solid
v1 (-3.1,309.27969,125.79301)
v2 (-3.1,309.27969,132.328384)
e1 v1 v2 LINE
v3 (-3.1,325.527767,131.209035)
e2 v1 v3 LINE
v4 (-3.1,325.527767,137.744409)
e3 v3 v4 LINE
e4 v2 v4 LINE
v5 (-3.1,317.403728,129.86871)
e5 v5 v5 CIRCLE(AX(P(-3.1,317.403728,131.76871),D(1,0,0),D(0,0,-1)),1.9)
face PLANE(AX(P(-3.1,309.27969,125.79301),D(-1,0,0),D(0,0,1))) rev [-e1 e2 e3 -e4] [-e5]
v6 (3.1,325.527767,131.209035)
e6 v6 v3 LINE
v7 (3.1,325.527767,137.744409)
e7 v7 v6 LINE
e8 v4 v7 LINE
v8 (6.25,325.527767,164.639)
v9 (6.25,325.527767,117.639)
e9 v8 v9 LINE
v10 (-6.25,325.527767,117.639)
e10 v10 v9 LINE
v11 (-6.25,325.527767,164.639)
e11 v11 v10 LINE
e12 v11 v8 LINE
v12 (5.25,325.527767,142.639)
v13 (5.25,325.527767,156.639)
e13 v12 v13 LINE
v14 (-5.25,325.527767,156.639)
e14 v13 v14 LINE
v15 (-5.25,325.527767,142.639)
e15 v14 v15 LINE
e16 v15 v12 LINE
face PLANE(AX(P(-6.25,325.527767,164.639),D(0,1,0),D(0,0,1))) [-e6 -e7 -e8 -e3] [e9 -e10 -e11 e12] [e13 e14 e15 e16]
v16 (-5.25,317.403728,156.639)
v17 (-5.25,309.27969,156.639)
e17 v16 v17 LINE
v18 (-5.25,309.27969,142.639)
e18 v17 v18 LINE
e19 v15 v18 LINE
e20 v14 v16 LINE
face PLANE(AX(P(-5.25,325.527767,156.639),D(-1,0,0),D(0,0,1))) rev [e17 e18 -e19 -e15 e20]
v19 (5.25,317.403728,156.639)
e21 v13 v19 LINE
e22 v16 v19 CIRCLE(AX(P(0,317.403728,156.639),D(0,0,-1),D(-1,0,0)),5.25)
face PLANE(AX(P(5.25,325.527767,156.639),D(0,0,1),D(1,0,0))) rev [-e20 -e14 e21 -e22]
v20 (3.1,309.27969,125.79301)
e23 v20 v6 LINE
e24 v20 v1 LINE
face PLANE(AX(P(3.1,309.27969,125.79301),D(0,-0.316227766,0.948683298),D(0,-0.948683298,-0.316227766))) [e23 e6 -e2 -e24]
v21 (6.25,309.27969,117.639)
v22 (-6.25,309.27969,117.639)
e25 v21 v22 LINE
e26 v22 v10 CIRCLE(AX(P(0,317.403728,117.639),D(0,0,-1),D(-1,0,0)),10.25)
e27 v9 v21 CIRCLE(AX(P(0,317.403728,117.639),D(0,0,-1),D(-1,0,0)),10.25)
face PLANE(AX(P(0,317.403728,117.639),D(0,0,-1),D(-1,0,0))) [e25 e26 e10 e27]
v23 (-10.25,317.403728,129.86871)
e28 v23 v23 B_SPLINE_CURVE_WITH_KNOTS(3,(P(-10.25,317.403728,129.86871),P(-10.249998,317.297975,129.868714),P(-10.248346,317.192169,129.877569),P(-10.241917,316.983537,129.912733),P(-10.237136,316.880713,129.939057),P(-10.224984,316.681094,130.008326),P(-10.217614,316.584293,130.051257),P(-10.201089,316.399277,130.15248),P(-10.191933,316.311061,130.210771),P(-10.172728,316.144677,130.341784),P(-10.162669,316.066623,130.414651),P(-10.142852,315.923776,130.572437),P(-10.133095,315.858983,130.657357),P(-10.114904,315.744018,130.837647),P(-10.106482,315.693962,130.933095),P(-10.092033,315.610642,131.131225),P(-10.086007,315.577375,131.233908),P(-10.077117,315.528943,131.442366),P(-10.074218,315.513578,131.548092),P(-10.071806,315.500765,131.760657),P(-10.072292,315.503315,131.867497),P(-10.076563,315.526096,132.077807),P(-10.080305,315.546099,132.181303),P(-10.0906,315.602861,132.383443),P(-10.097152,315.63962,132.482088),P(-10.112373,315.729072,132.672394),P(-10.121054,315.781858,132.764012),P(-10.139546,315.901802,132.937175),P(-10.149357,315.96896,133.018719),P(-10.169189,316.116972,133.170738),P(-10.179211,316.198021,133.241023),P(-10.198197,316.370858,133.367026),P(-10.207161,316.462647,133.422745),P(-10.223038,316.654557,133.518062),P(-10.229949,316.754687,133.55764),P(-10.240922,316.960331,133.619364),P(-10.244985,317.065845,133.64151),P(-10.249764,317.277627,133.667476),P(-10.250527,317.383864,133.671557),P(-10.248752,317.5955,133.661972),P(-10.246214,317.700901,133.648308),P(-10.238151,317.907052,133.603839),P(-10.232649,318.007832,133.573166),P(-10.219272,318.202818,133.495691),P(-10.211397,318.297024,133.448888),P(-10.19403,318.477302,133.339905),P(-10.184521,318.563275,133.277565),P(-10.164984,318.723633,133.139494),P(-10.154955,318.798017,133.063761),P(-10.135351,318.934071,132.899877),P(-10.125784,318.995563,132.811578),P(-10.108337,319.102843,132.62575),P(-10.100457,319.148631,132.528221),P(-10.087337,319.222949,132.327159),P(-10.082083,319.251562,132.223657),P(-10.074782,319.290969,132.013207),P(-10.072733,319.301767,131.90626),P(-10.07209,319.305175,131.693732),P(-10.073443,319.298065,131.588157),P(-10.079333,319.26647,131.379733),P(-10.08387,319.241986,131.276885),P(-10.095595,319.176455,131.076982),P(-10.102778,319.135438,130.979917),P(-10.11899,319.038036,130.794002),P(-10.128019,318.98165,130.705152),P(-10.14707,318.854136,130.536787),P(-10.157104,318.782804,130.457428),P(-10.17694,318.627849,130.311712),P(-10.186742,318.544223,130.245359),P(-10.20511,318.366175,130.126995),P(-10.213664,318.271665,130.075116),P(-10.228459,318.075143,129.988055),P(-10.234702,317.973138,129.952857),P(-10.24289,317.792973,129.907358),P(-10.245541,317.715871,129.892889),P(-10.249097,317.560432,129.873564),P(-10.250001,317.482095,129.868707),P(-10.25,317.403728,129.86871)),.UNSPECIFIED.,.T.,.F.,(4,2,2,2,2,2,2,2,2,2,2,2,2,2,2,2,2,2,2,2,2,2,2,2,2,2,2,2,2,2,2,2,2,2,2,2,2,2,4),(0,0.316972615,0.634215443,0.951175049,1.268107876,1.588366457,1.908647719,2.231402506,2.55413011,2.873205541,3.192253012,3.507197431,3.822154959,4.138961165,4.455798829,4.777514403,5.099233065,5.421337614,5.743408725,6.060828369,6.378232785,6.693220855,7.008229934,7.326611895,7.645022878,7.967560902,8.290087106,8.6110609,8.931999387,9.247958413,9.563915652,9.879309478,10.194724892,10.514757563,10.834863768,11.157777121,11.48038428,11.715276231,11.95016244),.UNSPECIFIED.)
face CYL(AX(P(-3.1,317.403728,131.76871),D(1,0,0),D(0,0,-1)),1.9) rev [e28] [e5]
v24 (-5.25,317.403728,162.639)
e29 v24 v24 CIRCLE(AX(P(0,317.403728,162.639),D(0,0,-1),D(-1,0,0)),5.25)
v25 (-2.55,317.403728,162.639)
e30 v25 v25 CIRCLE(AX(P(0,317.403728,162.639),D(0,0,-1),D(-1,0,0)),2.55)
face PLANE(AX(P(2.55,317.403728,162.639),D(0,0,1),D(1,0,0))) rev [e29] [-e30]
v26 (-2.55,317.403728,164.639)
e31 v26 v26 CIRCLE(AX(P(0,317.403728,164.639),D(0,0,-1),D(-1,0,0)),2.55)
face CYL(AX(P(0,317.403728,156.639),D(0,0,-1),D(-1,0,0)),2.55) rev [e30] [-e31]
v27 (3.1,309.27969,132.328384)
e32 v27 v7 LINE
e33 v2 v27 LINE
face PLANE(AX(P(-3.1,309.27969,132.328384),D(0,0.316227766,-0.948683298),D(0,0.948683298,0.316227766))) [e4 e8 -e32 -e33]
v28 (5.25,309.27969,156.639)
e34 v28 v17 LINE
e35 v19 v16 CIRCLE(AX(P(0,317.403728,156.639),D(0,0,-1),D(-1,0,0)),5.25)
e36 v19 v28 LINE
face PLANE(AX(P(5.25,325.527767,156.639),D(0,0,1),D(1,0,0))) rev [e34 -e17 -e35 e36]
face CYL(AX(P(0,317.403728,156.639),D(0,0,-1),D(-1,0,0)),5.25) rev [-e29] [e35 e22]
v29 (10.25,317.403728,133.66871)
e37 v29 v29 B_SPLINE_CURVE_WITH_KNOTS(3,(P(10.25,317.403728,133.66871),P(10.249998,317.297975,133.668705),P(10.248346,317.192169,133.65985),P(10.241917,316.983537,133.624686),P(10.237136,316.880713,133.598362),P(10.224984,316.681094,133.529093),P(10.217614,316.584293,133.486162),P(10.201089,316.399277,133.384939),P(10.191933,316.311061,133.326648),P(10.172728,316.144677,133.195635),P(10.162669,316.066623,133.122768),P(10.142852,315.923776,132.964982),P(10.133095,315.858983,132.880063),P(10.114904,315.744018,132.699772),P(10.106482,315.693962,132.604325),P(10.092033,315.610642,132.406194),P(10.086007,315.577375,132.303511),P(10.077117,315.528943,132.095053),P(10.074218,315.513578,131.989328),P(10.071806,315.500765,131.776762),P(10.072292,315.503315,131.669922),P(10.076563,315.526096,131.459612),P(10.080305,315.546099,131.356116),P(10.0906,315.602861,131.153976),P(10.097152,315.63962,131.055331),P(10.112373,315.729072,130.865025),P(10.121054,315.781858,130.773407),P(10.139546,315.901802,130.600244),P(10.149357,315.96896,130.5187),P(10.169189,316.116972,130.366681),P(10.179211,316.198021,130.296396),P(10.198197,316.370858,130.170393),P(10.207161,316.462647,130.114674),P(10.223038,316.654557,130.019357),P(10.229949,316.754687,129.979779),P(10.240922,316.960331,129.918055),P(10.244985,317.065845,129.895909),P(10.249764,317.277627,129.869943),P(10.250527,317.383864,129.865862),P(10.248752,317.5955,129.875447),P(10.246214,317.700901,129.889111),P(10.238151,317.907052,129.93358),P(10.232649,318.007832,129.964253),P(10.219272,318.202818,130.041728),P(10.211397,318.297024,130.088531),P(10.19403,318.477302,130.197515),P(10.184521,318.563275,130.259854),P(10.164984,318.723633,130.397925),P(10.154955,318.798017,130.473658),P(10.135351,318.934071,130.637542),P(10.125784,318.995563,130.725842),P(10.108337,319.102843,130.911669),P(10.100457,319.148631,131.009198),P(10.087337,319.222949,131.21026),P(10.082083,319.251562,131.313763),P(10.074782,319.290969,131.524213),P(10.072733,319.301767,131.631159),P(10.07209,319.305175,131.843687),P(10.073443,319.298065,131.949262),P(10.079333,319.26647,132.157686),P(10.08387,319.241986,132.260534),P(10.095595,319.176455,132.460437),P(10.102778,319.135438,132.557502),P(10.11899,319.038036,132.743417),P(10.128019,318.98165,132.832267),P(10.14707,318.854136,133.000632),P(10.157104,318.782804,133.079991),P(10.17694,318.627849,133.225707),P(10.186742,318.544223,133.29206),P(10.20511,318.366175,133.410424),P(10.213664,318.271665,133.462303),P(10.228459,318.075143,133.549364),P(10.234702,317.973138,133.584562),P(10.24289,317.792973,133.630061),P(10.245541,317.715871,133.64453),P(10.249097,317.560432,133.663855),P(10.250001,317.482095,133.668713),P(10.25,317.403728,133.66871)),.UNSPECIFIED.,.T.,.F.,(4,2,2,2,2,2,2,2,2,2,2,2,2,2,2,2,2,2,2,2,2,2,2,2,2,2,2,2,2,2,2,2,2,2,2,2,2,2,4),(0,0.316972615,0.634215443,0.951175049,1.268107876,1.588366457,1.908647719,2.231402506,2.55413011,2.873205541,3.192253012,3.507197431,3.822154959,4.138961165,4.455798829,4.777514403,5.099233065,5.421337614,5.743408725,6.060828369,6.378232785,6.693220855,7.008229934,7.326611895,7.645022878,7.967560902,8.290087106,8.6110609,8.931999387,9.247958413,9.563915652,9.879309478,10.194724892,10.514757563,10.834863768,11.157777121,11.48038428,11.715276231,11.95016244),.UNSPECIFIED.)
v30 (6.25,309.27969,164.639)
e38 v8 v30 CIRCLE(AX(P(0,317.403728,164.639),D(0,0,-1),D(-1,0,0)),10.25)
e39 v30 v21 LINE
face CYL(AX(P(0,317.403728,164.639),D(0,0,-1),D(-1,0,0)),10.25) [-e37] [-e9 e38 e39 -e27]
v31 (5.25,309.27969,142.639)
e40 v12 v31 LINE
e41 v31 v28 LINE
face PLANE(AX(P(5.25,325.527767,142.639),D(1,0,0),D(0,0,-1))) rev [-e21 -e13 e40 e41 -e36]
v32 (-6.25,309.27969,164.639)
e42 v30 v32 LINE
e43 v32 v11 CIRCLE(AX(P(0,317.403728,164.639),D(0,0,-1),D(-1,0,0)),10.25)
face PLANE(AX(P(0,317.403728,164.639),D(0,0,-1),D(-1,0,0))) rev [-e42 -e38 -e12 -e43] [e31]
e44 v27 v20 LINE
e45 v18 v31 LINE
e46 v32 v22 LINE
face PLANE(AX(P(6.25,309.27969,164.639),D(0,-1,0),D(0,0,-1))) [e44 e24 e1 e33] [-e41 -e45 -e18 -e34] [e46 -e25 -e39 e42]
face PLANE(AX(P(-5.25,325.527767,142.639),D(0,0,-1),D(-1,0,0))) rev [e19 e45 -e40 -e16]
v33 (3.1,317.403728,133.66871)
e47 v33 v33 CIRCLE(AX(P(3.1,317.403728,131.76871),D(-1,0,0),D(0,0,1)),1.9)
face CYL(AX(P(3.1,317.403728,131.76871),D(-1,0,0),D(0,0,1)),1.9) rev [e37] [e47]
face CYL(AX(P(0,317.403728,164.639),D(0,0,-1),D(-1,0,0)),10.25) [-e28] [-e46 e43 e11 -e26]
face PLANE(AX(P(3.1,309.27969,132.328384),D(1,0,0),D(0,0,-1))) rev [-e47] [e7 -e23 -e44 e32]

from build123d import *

# Parameters (mm, degrees)
SALIENTE_EXTRUIR1_DEPTH             = 47
CROQUIS2_W                          = 6.2
CROQUIS2_H                          = 6.535373831
CORTAR_EXTRUIR1_DEPTH               = 17.248076809
CROQUIS3_W                          = 10.5
CROQUIS3_H                          = 14
CORTAR_EXTRUIR2_DEPTH               = 17.248076809
NGULO_DE_SALIDA1_ANGLE              = 18.434948823
NGULO_DE_SALIDA2_ANGLE              = -18.434948823
TALADRO1_D                          = 5.1
TALADRO1_DEPTH                      = 8
TALADRO1_CBORE_D                    = 10.5
TALADRO1_CBORE_DEPTH                = 6
CROQUIS6_W                          = 1.9
CROQUIS6_H                          = 7.15
DI_METRO_DE_TALADRO_3_8_3_8_2_D     = 3.8
DI_METRO_DE_TALADRO_3_8_3_8_2_DEPTH = 7.15


with BuildPart() as part:
    # Croquis1 → Saliente-Extruir1 (new body)
    with BuildSketch(Plane(origin=(0, 0, 117.639), x_dir=(-1, 0, 0), z_dir=(0, 0, -1))):
        with BuildLine():
            Line((-6.25, 309.279690095), (6.25, 309.279690095))
            ThreePointArc((6.25, 309.279690095), (10.25, 317.403728499), (6.25, 325.527766904))
            Line((6.25, 325.527766904), (-6.25, 325.527766904))
            ThreePointArc((-6.25, 325.527766904), (-10.25, 317.403728499), (-6.25, 309.279690095))
        make_face()
    extrude(amount=-SALIENTE_EXTRUIR1_DEPTH)

    # Croquis2 → Cortar-Extruir1 (cut, through all)
    with BuildSketch(Plane(origin=(0, 325.527766904, 0), x_dir=(-1, 0, 0), z_dir=(0, 1, 0))):
        with Locations((0, 129.060696737)):
            Rectangle(CROQUIS2_W, CROQUIS2_H)
    extrude(amount=-CORTAR_EXTRUIR1_DEPTH, mode=Mode.SUBTRACT)

    # Croquis3 → Cortar-Extruir2 (cut, through all)
    with BuildSketch(Plane.XZ.offset(-309.279690095)):
        with Locations((0, 149.639)):
            Rectangle(CROQUIS3_W, CROQUIS3_H)
    extrude(amount=-CORTAR_EXTRUIR2_DEPTH, mode=Mode.SUBTRACT)

    # Ángulo de salida1
    ngulo_de_salida1_faces = [part.faces().sort_by_distance(p)[0] for p in [
        (0, 317.403728499, 125.793009821),
    ]]
    draft(ngulo_de_salida1_faces, Plane(origin=(6.25, 309.279690095, 164.639), x_dir=(0, 0, -1), z_dir=(0, -1, 0)), NGULO_DE_SALIDA1_ANGLE)

    # Ángulo de salida2
    ngulo_de_salida2_faces = [part.faces().sort_by_distance(p)[0] for p in [
        (0, 317.403728499, 132.328383652),
    ]]
    draft(ngulo_de_salida2_faces, Plane(origin=(6.25, 309.279690095, 164.639), x_dir=(0, 0, -1), z_dir=(0, -1, 0)), NGULO_DE_SALIDA2_ANGLE)

    # Taladro1
    with Locations(Plane(origin=(0, 0, 156.639), x_dir=(-1, 0, 0), z_dir=(0, 0, -1))):
        with Locations((0, 317.403728499)):
            CounterBoreHole(TALADRO1_D / 2, TALADRO1_CBORE_D / 2, TALADRO1_CBORE_DEPTH, depth=TALADRO1_DEPTH)

    # Croquis6 → Diámetro de taladro Ø3.8 (3.8)1 (revolve, cut)
    with BuildSketch(Plane(origin=(3.1, 317.403728499, 131.768709538), x_dir=(0, 0, 1), z_dir=(0, 1, 0))):
        with Locations((0.95, 3.575)):
            Rectangle(CROQUIS6_W, CROQUIS6_H)
    revolve(axis=Axis((-3.25, 317.403728499, 131.768709538), (1, 0, 0)), mode=Mode.SUBTRACT)

    # Diámetro de taladro Ø3.8 (3.8)2
    with Locations(Plane(origin=(-3.1, 0, 0), x_dir=(0, 0, -1), z_dir=(1, 0, 0))):
        with Locations((-131.768709538, 317.403728499)):
            Hole(DI_METRO_DE_TALADRO_3_8_3_8_2_D / 2, depth=DI_METRO_DE_TALADRO_3_8_3_8_2_DEPTH)


solid = part.part
